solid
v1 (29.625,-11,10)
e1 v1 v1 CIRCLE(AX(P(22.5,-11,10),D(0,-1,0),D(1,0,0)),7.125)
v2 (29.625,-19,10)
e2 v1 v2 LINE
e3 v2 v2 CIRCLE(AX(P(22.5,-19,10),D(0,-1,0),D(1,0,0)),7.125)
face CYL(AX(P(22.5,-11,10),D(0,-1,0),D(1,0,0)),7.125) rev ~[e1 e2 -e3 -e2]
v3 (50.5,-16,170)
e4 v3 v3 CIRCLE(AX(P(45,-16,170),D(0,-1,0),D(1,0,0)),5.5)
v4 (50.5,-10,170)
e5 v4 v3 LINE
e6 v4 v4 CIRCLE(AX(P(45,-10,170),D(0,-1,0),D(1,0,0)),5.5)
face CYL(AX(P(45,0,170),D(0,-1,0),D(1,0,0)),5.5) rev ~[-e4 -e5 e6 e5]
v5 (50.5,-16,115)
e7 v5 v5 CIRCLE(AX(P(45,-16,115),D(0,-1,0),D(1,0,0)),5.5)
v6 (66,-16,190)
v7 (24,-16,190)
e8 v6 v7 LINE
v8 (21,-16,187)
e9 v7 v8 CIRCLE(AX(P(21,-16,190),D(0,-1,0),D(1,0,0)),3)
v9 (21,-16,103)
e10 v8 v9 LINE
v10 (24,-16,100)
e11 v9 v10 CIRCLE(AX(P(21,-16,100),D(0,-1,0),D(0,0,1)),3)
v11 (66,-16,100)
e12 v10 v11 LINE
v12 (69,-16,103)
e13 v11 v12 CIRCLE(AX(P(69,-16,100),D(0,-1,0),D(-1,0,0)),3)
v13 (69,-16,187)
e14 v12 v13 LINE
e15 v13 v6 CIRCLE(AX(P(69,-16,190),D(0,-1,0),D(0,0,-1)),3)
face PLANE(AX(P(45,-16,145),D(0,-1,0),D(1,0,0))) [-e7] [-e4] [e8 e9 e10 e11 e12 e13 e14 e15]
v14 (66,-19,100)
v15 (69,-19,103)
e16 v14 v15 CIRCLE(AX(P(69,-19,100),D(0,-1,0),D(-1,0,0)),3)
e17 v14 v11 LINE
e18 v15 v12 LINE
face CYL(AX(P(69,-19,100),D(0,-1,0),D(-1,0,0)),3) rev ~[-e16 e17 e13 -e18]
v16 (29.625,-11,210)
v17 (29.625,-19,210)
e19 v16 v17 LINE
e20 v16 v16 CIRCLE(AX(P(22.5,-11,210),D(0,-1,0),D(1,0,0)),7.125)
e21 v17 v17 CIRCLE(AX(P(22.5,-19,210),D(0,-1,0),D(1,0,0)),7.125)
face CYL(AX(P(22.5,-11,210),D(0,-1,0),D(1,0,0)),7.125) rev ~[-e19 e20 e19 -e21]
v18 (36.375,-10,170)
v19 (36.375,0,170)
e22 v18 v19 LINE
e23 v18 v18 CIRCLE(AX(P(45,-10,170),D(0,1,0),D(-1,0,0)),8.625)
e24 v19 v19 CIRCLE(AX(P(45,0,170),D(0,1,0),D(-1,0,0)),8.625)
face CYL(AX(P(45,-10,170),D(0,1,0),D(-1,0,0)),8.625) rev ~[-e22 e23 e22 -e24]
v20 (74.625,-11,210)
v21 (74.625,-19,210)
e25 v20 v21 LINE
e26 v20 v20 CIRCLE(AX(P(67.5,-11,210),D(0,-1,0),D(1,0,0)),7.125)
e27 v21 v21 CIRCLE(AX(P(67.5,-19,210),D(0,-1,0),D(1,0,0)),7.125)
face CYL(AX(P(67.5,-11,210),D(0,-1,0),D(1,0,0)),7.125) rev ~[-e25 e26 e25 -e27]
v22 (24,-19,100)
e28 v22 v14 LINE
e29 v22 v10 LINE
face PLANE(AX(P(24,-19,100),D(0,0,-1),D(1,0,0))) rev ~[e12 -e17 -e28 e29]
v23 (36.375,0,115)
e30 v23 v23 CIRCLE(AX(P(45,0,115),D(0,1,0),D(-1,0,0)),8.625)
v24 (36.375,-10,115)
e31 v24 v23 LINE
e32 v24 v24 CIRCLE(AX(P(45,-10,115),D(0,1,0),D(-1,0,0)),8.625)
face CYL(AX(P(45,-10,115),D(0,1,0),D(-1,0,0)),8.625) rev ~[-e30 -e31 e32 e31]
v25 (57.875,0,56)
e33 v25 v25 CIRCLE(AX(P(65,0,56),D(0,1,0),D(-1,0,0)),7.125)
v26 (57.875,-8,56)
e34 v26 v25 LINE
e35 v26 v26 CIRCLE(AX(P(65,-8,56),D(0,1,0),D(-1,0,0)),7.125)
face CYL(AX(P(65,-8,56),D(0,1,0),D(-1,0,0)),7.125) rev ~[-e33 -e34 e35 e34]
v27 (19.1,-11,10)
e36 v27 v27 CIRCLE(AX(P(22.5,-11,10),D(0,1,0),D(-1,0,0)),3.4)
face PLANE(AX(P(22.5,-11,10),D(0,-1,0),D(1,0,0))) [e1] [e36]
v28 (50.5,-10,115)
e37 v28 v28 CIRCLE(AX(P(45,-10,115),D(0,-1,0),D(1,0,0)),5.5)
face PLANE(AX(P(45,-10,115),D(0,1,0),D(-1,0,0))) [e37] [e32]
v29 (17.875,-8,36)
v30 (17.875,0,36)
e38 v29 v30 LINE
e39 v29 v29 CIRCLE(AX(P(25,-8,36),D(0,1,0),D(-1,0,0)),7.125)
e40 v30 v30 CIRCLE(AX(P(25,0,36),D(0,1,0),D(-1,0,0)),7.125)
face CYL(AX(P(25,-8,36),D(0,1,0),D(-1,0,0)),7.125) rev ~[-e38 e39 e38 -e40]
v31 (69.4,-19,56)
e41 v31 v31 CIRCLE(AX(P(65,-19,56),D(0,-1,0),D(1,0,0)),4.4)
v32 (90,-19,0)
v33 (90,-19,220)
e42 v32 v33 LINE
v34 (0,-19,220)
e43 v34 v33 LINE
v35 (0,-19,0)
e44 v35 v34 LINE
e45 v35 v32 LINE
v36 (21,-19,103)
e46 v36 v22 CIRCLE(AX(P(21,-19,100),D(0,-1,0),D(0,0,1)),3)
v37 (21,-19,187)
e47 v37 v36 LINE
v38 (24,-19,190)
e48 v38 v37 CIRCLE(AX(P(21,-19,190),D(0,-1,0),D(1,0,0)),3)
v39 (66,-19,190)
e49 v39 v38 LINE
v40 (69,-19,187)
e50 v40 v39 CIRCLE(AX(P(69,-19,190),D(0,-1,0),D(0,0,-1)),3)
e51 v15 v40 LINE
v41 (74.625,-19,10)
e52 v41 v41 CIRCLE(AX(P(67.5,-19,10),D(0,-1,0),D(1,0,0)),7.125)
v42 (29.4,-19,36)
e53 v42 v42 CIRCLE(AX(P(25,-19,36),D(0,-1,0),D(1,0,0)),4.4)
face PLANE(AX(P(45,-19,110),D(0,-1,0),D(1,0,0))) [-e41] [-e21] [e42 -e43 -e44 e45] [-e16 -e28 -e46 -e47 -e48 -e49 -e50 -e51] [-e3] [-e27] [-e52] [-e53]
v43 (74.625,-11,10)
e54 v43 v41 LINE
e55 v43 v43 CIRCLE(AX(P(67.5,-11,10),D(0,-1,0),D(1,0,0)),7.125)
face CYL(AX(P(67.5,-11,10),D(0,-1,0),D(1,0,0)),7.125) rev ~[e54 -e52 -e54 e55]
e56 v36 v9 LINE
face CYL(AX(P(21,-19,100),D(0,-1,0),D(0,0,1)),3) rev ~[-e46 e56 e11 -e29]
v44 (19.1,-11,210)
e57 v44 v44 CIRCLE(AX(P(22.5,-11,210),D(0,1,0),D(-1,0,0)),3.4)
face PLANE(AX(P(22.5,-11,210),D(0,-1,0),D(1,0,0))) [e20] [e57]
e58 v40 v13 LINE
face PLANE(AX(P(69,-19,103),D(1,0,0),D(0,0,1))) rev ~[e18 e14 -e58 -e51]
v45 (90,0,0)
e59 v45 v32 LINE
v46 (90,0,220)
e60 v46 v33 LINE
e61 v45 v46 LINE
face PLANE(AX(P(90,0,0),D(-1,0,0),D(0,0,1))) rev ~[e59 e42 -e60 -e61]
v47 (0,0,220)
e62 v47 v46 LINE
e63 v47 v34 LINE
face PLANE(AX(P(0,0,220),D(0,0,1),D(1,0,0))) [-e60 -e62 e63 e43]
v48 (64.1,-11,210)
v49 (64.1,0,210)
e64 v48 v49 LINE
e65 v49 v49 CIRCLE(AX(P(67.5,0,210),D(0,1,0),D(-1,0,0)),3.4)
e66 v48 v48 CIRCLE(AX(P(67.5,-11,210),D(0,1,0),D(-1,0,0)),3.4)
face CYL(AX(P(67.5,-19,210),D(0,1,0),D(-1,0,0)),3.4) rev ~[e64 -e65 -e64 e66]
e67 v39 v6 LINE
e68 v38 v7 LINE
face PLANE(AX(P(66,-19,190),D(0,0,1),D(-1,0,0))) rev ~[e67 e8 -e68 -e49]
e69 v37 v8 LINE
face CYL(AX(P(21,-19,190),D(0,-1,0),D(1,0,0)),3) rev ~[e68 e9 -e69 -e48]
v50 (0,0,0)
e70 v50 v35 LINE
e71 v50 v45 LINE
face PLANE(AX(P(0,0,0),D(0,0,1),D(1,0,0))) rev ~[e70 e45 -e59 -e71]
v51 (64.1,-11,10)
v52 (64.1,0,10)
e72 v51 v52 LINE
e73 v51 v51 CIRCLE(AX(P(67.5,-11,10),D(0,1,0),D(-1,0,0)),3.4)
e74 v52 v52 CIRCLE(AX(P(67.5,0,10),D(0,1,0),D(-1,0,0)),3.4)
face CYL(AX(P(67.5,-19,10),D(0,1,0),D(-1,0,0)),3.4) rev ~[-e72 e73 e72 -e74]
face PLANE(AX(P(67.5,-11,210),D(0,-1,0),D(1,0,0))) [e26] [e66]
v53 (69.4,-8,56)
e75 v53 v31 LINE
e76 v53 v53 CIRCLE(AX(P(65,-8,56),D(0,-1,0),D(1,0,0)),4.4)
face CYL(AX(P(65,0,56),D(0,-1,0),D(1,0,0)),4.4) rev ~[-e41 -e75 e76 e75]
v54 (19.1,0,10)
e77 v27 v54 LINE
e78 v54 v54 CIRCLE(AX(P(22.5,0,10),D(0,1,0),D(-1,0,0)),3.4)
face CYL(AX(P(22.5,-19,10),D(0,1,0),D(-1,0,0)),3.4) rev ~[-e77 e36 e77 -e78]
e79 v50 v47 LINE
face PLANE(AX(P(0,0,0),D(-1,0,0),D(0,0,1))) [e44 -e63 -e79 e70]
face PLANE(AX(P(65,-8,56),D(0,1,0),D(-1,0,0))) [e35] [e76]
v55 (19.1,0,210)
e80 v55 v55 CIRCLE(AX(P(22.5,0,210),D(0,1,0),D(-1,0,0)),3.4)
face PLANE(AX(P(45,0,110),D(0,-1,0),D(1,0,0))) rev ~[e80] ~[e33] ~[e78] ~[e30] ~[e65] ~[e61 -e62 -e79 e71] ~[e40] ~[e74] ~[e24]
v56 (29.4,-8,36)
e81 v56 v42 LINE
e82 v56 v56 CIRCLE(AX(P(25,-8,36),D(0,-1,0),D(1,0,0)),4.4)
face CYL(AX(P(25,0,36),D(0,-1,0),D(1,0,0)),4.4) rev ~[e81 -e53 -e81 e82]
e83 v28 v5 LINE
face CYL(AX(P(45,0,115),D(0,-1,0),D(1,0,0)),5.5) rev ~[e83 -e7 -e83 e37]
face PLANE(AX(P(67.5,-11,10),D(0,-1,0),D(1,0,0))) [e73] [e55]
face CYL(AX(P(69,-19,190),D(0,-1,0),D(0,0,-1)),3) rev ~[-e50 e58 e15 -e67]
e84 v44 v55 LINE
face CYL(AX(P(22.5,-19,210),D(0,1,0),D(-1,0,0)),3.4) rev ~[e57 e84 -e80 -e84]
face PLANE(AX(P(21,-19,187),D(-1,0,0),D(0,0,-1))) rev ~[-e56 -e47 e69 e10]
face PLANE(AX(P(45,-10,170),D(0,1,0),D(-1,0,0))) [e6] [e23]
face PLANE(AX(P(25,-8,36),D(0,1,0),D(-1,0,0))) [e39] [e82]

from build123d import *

# Parameters (mm, degrees)
F0_W           = 90
F0_H           = 220
F1_DEPTH       = 19
F3_D           = 6.8
F3_CBORE_D     = 14.25
F3_CBORE_DEPTH = 8
F5_DEPTH       = 3
F7_D           = 11
F7_CBORE_D     = 17.25
F7_CBORE_DEPTH = 10
F9_D           = 8.8
F9_CBORE_D     = 14.25
F9_CBORE_DEPTH = 8


with BuildPart() as f1:
    # F0 (on Front) → F1 (new body)
    with BuildSketch(Plane.XZ):
        with Locations((45, 110)):
            Rectangle(F0_W, F0_H)
    extrude(amount=F1_DEPTH)

    # F3 (through all)
    with Locations(Plane.XZ.offset(19)):
        with Locations((22.5, 210), (67.5, 210), (22.5, 10), (67.5, 10)):
            CounterBoreHole(F3_D / 2, F3_CBORE_D / 2, F3_CBORE_DEPTH)

    # F4 (on face) → F5 (cut)
    with BuildSketch(Plane.XZ.offset(19)):
        with BuildLine():
            ThreePointArc((24, 190), (18.8786796564, 192.1213203436), (21, 187))
            Line((21, 187), (21, 103))
            ThreePointArc((21, 103), (18.8786796564, 97.8786796564), (24, 100))
            Line((24, 100), (66, 100))
            ThreePointArc((66, 100), (71.1213203436, 97.8786796564), (69, 103))
            Line((69, 103), (69, 187))
            ThreePointArc((69, 187), (71.1213203436, 192.1213203436), (66, 190))
            Line((66, 190), (24, 190))
        make_face()
    extrude(amount=-F5_DEPTH, mode=Mode.SUBTRACT)

    # F7 (through all)
    with Locations(Plane(origin=(0, 0, 0), x_dir=(-1, 0, 0), z_dir=(0, 1, 0))):
        with Locations((-45, 170), (-45, 115)):
            CounterBoreHole(F7_D / 2, F7_CBORE_D / 2, F7_CBORE_DEPTH)

    # F9 (through all)
    with Locations(Plane(origin=(0, 0, 0), x_dir=(-1, 0, 0), z_dir=(0, 1, 0))):
        with Locations((-65, 56), (-25, 36)):
            CounterBoreHole(F9_D / 2, F9_CBORE_D / 2, F9_CBORE_DEPTH)


solid = f1.part
